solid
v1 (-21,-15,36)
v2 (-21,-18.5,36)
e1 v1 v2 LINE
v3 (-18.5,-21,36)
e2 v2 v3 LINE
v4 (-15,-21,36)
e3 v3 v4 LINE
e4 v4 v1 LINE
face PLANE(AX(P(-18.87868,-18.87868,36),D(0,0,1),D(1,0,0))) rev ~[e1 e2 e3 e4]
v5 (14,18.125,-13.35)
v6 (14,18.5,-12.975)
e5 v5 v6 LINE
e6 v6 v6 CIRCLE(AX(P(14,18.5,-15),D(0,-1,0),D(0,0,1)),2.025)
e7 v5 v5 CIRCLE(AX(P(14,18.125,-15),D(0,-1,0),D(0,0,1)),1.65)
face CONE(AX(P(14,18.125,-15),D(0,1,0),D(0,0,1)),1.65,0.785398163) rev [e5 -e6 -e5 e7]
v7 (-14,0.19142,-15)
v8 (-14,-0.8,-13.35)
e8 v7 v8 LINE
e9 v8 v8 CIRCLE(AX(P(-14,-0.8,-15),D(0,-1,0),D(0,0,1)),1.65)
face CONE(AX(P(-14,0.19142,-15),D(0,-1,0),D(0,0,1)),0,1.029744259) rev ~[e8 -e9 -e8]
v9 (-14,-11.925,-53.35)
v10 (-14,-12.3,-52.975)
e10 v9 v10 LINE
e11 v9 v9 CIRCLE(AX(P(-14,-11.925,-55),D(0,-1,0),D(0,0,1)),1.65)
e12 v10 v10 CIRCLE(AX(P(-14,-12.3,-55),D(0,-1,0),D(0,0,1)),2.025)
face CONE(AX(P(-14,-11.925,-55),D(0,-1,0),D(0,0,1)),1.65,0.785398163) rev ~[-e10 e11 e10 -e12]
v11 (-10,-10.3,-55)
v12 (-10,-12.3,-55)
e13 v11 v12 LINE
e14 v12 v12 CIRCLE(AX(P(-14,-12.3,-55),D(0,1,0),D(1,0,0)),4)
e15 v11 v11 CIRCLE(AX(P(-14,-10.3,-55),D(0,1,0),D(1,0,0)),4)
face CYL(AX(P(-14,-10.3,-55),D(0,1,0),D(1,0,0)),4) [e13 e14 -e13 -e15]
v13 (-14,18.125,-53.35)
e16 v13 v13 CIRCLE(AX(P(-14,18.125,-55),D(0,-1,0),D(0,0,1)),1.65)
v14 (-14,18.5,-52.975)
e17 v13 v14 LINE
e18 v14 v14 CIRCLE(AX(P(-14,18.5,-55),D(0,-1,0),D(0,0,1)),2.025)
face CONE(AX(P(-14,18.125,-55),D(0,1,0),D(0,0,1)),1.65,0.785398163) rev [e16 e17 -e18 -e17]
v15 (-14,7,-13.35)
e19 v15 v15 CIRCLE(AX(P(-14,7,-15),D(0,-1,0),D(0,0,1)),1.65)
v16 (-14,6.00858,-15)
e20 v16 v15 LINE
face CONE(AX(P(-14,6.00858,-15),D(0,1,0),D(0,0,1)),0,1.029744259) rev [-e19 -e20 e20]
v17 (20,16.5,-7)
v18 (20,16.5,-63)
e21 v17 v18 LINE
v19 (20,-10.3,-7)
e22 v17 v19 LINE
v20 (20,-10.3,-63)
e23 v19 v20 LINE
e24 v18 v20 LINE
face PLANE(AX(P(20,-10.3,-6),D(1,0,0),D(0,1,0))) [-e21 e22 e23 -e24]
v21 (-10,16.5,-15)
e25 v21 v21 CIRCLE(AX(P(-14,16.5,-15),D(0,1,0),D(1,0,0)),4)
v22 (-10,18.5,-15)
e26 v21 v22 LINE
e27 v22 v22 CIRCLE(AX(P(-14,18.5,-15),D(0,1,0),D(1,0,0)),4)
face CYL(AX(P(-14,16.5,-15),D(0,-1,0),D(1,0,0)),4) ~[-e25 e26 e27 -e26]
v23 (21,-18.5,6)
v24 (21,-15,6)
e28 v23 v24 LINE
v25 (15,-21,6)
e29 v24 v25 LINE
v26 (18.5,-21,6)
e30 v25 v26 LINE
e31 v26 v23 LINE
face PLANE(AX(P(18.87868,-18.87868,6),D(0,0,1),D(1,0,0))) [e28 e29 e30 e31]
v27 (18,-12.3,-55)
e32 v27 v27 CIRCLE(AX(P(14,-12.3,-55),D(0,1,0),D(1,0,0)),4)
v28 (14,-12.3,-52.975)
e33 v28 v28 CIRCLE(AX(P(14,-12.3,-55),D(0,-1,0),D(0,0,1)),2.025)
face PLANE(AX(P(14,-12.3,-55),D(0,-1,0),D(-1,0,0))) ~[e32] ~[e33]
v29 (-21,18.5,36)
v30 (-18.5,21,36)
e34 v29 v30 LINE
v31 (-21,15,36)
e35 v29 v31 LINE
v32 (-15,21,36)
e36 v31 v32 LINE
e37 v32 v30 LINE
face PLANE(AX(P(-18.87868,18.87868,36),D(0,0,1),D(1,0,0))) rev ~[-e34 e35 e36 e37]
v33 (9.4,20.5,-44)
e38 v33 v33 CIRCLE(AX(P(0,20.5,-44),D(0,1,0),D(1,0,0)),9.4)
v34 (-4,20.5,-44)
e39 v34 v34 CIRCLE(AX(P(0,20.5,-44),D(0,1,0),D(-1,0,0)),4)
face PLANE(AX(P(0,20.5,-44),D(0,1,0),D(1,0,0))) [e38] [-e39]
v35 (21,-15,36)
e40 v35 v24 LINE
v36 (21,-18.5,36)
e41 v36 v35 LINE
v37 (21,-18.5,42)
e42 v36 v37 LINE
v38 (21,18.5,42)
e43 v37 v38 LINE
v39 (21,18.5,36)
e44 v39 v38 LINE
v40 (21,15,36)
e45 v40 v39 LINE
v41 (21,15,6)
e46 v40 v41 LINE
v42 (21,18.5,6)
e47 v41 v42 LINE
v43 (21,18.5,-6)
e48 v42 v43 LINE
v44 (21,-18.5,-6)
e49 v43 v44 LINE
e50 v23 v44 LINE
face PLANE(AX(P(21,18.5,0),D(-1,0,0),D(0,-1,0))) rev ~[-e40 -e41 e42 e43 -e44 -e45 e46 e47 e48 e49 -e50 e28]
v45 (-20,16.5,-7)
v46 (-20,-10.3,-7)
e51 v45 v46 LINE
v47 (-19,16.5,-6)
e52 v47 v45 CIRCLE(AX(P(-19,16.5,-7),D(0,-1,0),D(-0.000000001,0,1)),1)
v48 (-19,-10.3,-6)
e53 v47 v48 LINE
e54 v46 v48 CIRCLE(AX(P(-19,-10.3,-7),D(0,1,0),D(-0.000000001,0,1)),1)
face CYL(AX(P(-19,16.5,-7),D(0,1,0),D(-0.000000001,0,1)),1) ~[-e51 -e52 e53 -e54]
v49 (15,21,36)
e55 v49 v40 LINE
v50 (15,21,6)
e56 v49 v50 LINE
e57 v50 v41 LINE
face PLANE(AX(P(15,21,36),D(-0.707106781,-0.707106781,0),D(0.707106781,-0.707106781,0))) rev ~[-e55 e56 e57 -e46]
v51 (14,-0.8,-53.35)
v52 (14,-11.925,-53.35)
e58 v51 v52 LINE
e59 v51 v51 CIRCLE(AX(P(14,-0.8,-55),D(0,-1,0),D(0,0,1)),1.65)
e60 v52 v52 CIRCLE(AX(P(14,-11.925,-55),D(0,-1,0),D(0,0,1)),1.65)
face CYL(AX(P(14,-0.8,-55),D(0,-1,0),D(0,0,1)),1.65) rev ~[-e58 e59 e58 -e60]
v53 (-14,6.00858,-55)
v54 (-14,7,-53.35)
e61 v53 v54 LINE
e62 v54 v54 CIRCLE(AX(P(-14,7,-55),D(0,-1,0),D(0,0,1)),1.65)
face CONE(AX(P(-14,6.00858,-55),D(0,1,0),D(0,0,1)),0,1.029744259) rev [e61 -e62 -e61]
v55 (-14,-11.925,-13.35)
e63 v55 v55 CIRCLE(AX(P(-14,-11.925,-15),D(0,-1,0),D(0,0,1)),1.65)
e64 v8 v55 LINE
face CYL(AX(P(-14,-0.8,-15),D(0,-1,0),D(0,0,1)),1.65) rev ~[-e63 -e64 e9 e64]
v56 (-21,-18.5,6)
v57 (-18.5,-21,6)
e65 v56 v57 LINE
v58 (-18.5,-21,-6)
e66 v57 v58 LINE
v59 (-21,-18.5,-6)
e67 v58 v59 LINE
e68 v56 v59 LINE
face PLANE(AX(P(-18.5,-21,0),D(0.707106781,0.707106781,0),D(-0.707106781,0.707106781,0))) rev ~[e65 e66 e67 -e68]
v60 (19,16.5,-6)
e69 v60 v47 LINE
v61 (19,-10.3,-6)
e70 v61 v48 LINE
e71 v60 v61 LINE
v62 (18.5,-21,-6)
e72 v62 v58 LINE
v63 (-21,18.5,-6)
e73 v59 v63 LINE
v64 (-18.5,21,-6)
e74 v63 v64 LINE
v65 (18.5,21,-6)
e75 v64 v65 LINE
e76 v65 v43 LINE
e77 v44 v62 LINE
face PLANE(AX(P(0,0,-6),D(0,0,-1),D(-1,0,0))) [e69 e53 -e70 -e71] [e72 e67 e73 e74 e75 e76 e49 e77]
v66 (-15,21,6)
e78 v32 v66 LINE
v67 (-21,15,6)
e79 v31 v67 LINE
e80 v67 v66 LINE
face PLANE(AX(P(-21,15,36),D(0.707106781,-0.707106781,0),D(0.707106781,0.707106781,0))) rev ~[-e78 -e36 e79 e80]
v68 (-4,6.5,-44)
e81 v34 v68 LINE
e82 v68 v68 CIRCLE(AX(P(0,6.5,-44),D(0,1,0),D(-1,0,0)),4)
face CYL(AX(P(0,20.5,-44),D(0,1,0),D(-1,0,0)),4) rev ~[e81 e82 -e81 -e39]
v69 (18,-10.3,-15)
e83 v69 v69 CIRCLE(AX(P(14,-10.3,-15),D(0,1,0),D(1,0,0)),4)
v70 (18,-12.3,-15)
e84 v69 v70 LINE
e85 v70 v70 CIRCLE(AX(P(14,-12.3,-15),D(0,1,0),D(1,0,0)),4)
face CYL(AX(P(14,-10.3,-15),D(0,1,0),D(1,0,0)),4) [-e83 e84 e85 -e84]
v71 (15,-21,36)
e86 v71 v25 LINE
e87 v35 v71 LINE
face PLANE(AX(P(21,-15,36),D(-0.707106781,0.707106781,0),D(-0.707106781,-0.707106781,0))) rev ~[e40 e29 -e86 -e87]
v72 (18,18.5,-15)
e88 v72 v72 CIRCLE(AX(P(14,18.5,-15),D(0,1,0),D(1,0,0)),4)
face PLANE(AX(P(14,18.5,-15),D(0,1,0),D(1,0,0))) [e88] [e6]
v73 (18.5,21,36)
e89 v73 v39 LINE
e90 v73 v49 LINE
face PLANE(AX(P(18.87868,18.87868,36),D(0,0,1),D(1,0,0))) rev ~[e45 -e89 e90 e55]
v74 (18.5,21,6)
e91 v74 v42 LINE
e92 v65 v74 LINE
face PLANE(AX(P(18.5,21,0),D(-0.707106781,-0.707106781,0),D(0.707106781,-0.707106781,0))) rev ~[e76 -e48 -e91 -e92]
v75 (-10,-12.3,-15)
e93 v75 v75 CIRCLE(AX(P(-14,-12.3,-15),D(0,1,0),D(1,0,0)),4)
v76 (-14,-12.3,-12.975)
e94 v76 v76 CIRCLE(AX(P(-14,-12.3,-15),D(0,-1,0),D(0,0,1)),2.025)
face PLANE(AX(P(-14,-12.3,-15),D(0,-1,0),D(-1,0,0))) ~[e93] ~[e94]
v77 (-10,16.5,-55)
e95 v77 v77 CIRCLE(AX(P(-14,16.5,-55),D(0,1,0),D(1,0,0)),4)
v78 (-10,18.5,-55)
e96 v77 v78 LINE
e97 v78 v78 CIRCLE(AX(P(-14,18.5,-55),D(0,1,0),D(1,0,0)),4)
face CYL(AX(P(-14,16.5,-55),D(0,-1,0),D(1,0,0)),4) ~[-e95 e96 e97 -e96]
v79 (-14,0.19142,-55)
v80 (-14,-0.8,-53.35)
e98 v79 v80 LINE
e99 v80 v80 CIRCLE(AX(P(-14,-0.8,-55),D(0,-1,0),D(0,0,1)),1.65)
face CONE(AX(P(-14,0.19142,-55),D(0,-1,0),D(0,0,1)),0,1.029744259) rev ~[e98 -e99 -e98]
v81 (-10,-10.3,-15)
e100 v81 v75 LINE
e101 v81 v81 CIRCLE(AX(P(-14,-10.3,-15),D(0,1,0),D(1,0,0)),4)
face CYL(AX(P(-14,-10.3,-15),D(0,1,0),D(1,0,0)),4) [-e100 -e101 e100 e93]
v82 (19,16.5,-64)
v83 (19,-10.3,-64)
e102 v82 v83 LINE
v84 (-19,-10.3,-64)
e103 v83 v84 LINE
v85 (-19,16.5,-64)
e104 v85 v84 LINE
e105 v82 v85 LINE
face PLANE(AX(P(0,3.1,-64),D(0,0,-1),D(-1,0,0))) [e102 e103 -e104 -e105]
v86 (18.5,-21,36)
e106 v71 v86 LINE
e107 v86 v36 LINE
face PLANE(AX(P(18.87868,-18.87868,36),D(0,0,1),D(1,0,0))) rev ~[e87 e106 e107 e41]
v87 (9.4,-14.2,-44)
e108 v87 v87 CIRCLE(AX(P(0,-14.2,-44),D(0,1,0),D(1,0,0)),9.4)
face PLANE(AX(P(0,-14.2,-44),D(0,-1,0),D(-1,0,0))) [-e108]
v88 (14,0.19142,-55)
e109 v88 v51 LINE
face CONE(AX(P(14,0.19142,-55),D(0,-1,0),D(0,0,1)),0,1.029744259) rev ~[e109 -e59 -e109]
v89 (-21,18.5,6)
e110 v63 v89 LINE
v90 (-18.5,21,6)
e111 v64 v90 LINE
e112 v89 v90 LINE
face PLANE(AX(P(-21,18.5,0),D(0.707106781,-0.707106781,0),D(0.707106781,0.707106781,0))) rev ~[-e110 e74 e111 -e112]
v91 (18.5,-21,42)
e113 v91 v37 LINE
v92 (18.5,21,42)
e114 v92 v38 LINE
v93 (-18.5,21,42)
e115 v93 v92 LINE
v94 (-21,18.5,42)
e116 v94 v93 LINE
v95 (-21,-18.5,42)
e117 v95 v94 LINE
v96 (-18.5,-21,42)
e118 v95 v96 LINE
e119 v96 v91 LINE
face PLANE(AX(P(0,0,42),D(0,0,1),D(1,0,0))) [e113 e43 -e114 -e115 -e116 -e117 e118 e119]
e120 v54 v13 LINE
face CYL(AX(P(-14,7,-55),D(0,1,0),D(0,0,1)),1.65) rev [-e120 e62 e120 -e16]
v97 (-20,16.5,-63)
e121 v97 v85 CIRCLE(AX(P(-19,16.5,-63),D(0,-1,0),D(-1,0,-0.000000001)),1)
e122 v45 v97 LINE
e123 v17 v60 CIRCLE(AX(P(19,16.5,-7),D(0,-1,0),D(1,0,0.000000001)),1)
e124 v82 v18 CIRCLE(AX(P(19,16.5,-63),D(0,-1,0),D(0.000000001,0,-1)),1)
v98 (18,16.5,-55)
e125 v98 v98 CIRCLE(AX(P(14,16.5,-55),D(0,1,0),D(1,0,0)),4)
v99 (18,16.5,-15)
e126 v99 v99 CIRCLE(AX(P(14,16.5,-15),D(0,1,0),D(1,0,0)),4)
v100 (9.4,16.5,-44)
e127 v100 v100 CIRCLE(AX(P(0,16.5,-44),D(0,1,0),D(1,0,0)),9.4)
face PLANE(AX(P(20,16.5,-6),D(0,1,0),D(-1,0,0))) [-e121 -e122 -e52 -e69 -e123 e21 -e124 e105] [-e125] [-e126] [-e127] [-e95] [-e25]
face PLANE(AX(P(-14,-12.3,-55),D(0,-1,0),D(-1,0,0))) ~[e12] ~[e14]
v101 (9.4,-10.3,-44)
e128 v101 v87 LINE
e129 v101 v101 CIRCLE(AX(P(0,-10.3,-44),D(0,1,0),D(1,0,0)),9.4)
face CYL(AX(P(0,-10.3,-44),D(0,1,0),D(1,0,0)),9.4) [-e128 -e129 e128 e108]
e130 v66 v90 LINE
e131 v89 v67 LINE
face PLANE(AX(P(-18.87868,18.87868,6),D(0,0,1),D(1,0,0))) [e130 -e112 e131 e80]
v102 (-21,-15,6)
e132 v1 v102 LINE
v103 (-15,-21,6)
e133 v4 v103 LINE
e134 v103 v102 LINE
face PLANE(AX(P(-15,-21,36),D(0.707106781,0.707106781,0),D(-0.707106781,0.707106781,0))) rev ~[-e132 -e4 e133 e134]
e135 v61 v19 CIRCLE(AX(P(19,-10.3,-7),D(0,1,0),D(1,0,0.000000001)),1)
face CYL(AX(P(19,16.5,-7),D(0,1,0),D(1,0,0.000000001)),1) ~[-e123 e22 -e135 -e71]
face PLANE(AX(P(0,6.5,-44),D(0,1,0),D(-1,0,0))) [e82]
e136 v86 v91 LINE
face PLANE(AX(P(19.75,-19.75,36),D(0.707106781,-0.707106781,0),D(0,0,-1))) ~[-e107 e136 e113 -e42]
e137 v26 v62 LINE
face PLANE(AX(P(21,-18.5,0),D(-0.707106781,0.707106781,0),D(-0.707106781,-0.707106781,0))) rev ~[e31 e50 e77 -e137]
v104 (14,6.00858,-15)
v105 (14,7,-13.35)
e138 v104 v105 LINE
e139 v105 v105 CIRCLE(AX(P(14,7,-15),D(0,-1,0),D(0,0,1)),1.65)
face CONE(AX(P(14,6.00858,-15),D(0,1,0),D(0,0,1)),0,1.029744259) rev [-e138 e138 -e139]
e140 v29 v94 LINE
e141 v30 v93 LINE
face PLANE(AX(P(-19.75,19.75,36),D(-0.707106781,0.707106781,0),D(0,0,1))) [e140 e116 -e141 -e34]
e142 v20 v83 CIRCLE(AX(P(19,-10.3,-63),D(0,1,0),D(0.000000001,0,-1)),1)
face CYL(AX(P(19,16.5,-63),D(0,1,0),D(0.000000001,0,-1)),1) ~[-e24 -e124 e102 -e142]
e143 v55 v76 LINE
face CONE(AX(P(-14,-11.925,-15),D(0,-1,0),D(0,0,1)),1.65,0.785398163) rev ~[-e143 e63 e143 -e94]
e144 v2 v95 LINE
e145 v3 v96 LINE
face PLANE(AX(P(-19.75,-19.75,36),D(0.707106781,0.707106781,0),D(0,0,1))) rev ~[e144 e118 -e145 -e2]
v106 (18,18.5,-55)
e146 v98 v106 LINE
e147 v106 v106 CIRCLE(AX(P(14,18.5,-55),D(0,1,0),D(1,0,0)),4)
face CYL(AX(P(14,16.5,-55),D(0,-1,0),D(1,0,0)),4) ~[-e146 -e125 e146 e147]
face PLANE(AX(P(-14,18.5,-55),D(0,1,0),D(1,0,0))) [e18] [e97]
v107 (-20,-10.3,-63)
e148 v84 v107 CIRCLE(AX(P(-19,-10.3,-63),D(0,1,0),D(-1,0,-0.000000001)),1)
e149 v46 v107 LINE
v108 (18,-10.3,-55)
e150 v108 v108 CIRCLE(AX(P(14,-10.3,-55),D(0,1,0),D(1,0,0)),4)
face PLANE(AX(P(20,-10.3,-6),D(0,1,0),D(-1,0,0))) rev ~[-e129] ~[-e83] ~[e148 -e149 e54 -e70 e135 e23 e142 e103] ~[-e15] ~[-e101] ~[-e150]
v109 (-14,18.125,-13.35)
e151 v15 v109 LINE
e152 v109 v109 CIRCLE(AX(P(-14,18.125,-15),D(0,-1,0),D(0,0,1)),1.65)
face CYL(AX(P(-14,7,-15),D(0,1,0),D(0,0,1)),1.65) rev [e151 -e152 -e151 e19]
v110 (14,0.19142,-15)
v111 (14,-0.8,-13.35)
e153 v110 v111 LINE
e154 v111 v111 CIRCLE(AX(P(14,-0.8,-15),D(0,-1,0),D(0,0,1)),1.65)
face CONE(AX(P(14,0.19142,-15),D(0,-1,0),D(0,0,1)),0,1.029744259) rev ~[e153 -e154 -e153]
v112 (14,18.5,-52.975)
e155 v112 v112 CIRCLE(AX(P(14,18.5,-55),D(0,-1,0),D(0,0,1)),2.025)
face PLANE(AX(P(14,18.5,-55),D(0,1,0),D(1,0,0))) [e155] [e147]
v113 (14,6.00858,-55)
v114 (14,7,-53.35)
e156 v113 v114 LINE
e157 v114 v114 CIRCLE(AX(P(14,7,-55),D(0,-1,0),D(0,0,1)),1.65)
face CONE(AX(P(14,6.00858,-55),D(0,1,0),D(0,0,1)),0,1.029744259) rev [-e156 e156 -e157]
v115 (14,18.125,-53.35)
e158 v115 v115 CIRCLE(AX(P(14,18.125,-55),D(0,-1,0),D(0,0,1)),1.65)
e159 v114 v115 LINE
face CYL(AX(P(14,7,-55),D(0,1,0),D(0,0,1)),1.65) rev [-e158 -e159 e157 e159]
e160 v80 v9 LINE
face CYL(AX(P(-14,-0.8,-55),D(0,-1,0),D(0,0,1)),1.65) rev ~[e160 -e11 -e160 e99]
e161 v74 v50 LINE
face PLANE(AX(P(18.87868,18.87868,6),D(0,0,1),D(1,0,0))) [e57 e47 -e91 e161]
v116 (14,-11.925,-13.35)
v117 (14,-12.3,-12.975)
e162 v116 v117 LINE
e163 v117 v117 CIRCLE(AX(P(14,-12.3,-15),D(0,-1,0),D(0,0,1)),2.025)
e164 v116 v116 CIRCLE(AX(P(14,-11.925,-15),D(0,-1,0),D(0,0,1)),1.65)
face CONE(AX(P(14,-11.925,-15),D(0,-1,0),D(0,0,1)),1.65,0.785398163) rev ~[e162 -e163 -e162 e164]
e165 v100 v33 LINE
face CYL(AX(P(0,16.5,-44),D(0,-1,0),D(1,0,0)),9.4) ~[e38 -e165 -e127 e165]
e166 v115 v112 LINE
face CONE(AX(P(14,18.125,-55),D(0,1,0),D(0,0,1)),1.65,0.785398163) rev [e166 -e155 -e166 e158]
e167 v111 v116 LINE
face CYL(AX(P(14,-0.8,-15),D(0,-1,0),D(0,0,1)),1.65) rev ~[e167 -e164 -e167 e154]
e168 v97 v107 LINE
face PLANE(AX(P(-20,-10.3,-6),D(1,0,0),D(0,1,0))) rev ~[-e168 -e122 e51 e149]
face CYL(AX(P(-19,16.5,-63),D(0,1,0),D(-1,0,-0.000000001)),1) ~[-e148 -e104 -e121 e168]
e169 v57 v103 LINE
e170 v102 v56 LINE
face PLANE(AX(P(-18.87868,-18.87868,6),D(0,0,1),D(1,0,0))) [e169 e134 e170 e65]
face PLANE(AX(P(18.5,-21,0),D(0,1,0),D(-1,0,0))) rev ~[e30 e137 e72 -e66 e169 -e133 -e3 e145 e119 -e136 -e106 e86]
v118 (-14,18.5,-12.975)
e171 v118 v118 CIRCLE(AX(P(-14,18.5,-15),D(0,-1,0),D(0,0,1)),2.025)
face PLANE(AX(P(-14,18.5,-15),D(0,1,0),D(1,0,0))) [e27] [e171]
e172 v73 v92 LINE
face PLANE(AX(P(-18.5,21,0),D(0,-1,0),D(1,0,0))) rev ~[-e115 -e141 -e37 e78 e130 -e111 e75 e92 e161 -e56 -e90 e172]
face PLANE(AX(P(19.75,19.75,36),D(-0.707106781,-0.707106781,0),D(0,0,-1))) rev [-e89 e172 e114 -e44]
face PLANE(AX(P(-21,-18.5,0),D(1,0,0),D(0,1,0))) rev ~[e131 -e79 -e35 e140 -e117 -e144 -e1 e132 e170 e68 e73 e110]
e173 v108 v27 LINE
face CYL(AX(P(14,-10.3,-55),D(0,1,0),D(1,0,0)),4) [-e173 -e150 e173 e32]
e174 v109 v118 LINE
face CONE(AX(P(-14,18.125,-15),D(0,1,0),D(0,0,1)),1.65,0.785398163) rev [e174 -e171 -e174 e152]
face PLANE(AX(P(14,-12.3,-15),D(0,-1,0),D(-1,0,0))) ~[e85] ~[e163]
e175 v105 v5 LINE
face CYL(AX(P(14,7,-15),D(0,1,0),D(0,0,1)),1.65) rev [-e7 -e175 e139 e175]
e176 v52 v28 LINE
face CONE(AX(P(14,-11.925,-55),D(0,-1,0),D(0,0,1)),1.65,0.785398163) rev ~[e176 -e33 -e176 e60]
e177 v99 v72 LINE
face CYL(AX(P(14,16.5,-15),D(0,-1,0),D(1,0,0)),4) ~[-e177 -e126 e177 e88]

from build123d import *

# Parameters (mm, degrees)
SKETCH_1_W                  = 42
SKETCH_1_H                  = 42
EXTRUDE_1_DEPTH             = 42
CUT_EXTRUDE_1_DEPTH         = 30
CHAMFER_2_SIZE              = 2.5
EXTRUDE_2_DEPTH             = 6
SKETCH_4_W                  = 40
SKETCH_4_H                  = 26.8
EXTRUDE_3_DEPTH             = 58
CUT_EXTRUDE_2_DEPTH         = 58
SKETCH_6_R                  = 9.4
EXTRUDE_4_DEPTH             = 4
SKETCH_7_R                  = 4
EXTRUDE_5_DEPTH             = 2
SKETCH_8_R                  = 4
CUT_EXTRUDE_3_DEPTH         = 14
HOLE_WIZARD_M4_1_AT_2_COUNT = 2
HOLE_WIZARD_M4_1_AT_2_PITCH = 28
HOLE_WIZARD_M4_1_AT_3_COUNT = 2
HOLE_WIZARD_M4_1_AT_3_PITCH = 48.826222463
HOLE_WIZARD_M4_1_AT_4_COUNT = 2
HOLE_WIZARD_M4_1_AT_4_PITCH = 40
SKETCH_11_R                 = 9.4
CUT_EXTRUDE_4_DEPTH         = 0.1


with BuildPart() as part:
    # 스케치1 → 보스-돌출1 (new body)
    with BuildSketch(Plane.XY):
        Rectangle(SKETCH_1_W, SKETCH_1_H)
    extrude(amount=EXTRUDE_1_DEPTH)

    # 스케치2 → 컷-돌출1 (cut)
    with BuildSketch(Plane.XY.offset(36)):
        Polygon((-21, -21), (-15, -21), (-21, -15), align=None)
        Polygon((-21, 21), (-21, 15), (-15, 21), align=None)
        Polygon((21, 21), (15, 21), (21, 15), align=None)
        Polygon((21, -21), (21, -15), (15, -21), align=None)
    extrude(amount=-CUT_EXTRUDE_1_DEPTH, mode=Mode.SUBTRACT)

    # 모따기2
    chamfer_2_edges = [part.edges().sort_by_distance(p)[0] for p in [
        (21, -21, 3),
        (-21, -21, 3),
        (21, 21, 3),
        (-21, 21, 3),
        (21, -21, 39),
        (-21, -21, 39),
        (-21, 21, 39),
        (21, 21, 39),
    ]]
    chamfer(chamfer_2_edges, length=CHAMFER_2_SIZE)

    # 스케치3 → 보스-돌출2 (add)
    with BuildSketch(Plane(origin=(0, 0, 0), x_dir=(-1, 0, 0), z_dir=(0, 0, -1))):
        Polygon((-18.5, 21), (-21, 18.5), (-21, -18.5), (-18.5, -21), (18.5, -21), (21, -18.5), (21, 18.5), (18.5, 21), align=None)
    extrude(amount=EXTRUDE_2_DEPTH)

    # 스케치4 → 보스-돌출3 (add)
    with BuildSketch(Plane(origin=(0, 0, -6), x_dir=(-1, 0, 0), z_dir=(0, 0, -1))):
        with Locations((0, 3.1)):
            Rectangle(SKETCH_4_W, SKETCH_4_H)
    extrude(amount=EXTRUDE_3_DEPTH)

    # 스케치5 → 컷-돌출2 (cut)
    with BuildSketch(Plane(origin=(0, 16.5, 0), x_dir=(1, 0, 0), z_dir=(0, 1, 0))):
        with BuildLine():
            ThreePointArc((-20, 63), (-19.707106781, 63.707106781), (-19, 64))
            Line((-19, 64), (-20, 64))
            Line((-20, 64), (-20, 63))
        make_face()
        with BuildLine():
            Line((20, 64), (19, 64))
            ThreePointArc((19, 64), (19.707106781, 63.707106781), (20, 63))
            Line((20, 63), (20, 64))
        make_face()
        with BuildLine():
            ThreePointArc((-19, 6), (-19.707106781, 6.292893219), (-20, 7))
            Line((-20, 7), (-20, 6))
            Line((-20, 6), (-19, 6))
        make_face()
        with BuildLine():
            Line((20, 6), (20, 7))
            ThreePointArc((20, 7), (19.707106781, 6.292893219), (19, 6))
            Line((19, 6), (20, 6))
        make_face()
    extrude(amount=-CUT_EXTRUDE_2_DEPTH, mode=Mode.SUBTRACT)

    # 스케치6 → 보스-돌출4 (add)
    with BuildSketch(Plane(origin=(0, 16.5, 0), x_dir=(1, 0, 0), z_dir=(0, 1, 0))):
        with Locations((0, 44)):
            Circle(SKETCH_6_R)
    extrude_4 = extrude(amount=EXTRUDE_4_DEPTH)

    # 스케치7 → 보스-돌출5 (add)
    with BuildSketch(Plane(origin=(0, 16.5, 0), x_dir=(1, 0, 0), z_dir=(0, 1, 0))):
        with Locations((14, 55)):
            Circle(SKETCH_7_R)
        with Locations((-14, 55)):
            Circle(SKETCH_7_R)
        with Locations((-14, 15)):
            Circle(SKETCH_7_R)
        with Locations((14, 15)):
            Circle(SKETCH_7_R)
    extrude_5 = extrude(amount=EXTRUDE_5_DEPTH)

    # 스케치8 → 컷-돌출3 (cut)
    with BuildSketch(Plane(origin=(0, 20.5, 0), x_dir=(1, 0, 0), z_dir=(0, 1, 0))):
        with Locations(Location((0, 44, 0), (0, 0, 180))):
            Circle(SKETCH_8_R)
    extrude(amount=-CUT_EXTRUDE_3_DEPTH, mode=Mode.SUBTRACT)

    # 스케치10 → M4 나사 구멍1 (revolve, cut)
    with BuildSketch(Plane(origin=(-14, 18.5, -55), x_dir=(0, 0, 1), z_dir=(1, 0, 0))):
        Polygon((0, 0), (0, 12.491420021), (1.65, 11.5), (1.65, 0.375), (2.025, 0), align=None)
    hole_wizard_m4_1 = revolve(axis=Axis((-14, 24.85, -55), (0, -1, 0)), mode=Mode.SUBTRACT)

    # M4 나사 구멍1 at 2: M4 나사 구멍1 ×2
    with Locations(*[(i * HOLE_WIZARD_M4_1_AT_2_PITCH, 0, 0) for i in range(1, HOLE_WIZARD_M4_1_AT_2_COUNT)]):
        add(hole_wizard_m4_1, mode=Mode.SUBTRACT)

    # M4 나사 구멍1 at 3: M4 나사 구멍1 ×2
    with Locations(*[Vector(0.5734623443633283, 0, 0.8192319205190405) * (i * HOLE_WIZARD_M4_1_AT_3_PITCH) for i in range(1, HOLE_WIZARD_M4_1_AT_3_COUNT)]):
        add(hole_wizard_m4_1, mode=Mode.SUBTRACT)

    # M4 나사 구멍1 at 4: M4 나사 구멍1 ×2
    with Locations(*[(0, 0, i * HOLE_WIZARD_M4_1_AT_4_PITCH) for i in range(1, HOLE_WIZARD_M4_1_AT_4_COUNT)]):
        add(hole_wizard_m4_1, mode=Mode.SUBTRACT)

    # 대칭 복사1: 보스-돌출4, 보스-돌출5, M4 나사 구멍1 across plane
    add(extrude_4.mirror(Plane.ZX.offset(3.1)))
    add(extrude_5.mirror(Plane.ZX.offset(3.1)))
    add(hole_wizard_m4_1.mirror(Plane.ZX.offset(3.1)), mode=Mode.SUBTRACT)

    # 대칭 복사1 copy 1 sketch → 대칭 복사1 copy 1 (revolve, cut)
    with BuildSketch(Plane(origin=(14, -12.3, -55), x_dir=(0, 0, 1), z_dir=(1, 0, 0))):
        Polygon((0, 0), (0, -12.491420021), (1.65, -11.5), (1.65, -0.375), (2.025, 0), align=None)
    revolve(axis=Axis((14, -18.65, -55), (0, -1, 0)), mode=Mode.SUBTRACT)

    # 대칭 복사1 copy 2 sketch → 대칭 복사1 copy 2 (revolve, cut)
    with BuildSketch(Plane(origin=(14, -12.3, -15), x_dir=(0, 0, 1), z_dir=(1, 0, 0))):
        Polygon((0, 0), (0, -12.491420021), (1.65, -11.5), (1.65, -0.375), (2.025, 0), align=None)
    revolve(axis=Axis((14, -18.65, -15), (0, -1, 0)), mode=Mode.SUBTRACT)

    # 대칭 복사1 copy 3 sketch → 대칭 복사1 copy 3 (revolve, cut)
    with BuildSketch(Plane(origin=(-14, -12.3, -15), x_dir=(0, 0, 1), z_dir=(1, 0, 0))):
        Polygon((0, 0), (0, -12.491420021), (1.65, -11.5), (1.65, -0.375), (2.025, 0), align=None)
    revolve(axis=Axis((-14, -18.65, -15), (0, -1, 0)), mode=Mode.SUBTRACT)

    # 스케치11 → 컷-돌출4 (cut)
    with BuildSketch(Plane.XZ.offset(14.3)):
        with Locations(Location((0, -44, 0), (0, 0, 180))):
            Circle(SKETCH_11_R)
    extrude(amount=-CUT_EXTRUDE_4_DEPTH, mode=Mode.SUBTRACT)


solid = part.part
